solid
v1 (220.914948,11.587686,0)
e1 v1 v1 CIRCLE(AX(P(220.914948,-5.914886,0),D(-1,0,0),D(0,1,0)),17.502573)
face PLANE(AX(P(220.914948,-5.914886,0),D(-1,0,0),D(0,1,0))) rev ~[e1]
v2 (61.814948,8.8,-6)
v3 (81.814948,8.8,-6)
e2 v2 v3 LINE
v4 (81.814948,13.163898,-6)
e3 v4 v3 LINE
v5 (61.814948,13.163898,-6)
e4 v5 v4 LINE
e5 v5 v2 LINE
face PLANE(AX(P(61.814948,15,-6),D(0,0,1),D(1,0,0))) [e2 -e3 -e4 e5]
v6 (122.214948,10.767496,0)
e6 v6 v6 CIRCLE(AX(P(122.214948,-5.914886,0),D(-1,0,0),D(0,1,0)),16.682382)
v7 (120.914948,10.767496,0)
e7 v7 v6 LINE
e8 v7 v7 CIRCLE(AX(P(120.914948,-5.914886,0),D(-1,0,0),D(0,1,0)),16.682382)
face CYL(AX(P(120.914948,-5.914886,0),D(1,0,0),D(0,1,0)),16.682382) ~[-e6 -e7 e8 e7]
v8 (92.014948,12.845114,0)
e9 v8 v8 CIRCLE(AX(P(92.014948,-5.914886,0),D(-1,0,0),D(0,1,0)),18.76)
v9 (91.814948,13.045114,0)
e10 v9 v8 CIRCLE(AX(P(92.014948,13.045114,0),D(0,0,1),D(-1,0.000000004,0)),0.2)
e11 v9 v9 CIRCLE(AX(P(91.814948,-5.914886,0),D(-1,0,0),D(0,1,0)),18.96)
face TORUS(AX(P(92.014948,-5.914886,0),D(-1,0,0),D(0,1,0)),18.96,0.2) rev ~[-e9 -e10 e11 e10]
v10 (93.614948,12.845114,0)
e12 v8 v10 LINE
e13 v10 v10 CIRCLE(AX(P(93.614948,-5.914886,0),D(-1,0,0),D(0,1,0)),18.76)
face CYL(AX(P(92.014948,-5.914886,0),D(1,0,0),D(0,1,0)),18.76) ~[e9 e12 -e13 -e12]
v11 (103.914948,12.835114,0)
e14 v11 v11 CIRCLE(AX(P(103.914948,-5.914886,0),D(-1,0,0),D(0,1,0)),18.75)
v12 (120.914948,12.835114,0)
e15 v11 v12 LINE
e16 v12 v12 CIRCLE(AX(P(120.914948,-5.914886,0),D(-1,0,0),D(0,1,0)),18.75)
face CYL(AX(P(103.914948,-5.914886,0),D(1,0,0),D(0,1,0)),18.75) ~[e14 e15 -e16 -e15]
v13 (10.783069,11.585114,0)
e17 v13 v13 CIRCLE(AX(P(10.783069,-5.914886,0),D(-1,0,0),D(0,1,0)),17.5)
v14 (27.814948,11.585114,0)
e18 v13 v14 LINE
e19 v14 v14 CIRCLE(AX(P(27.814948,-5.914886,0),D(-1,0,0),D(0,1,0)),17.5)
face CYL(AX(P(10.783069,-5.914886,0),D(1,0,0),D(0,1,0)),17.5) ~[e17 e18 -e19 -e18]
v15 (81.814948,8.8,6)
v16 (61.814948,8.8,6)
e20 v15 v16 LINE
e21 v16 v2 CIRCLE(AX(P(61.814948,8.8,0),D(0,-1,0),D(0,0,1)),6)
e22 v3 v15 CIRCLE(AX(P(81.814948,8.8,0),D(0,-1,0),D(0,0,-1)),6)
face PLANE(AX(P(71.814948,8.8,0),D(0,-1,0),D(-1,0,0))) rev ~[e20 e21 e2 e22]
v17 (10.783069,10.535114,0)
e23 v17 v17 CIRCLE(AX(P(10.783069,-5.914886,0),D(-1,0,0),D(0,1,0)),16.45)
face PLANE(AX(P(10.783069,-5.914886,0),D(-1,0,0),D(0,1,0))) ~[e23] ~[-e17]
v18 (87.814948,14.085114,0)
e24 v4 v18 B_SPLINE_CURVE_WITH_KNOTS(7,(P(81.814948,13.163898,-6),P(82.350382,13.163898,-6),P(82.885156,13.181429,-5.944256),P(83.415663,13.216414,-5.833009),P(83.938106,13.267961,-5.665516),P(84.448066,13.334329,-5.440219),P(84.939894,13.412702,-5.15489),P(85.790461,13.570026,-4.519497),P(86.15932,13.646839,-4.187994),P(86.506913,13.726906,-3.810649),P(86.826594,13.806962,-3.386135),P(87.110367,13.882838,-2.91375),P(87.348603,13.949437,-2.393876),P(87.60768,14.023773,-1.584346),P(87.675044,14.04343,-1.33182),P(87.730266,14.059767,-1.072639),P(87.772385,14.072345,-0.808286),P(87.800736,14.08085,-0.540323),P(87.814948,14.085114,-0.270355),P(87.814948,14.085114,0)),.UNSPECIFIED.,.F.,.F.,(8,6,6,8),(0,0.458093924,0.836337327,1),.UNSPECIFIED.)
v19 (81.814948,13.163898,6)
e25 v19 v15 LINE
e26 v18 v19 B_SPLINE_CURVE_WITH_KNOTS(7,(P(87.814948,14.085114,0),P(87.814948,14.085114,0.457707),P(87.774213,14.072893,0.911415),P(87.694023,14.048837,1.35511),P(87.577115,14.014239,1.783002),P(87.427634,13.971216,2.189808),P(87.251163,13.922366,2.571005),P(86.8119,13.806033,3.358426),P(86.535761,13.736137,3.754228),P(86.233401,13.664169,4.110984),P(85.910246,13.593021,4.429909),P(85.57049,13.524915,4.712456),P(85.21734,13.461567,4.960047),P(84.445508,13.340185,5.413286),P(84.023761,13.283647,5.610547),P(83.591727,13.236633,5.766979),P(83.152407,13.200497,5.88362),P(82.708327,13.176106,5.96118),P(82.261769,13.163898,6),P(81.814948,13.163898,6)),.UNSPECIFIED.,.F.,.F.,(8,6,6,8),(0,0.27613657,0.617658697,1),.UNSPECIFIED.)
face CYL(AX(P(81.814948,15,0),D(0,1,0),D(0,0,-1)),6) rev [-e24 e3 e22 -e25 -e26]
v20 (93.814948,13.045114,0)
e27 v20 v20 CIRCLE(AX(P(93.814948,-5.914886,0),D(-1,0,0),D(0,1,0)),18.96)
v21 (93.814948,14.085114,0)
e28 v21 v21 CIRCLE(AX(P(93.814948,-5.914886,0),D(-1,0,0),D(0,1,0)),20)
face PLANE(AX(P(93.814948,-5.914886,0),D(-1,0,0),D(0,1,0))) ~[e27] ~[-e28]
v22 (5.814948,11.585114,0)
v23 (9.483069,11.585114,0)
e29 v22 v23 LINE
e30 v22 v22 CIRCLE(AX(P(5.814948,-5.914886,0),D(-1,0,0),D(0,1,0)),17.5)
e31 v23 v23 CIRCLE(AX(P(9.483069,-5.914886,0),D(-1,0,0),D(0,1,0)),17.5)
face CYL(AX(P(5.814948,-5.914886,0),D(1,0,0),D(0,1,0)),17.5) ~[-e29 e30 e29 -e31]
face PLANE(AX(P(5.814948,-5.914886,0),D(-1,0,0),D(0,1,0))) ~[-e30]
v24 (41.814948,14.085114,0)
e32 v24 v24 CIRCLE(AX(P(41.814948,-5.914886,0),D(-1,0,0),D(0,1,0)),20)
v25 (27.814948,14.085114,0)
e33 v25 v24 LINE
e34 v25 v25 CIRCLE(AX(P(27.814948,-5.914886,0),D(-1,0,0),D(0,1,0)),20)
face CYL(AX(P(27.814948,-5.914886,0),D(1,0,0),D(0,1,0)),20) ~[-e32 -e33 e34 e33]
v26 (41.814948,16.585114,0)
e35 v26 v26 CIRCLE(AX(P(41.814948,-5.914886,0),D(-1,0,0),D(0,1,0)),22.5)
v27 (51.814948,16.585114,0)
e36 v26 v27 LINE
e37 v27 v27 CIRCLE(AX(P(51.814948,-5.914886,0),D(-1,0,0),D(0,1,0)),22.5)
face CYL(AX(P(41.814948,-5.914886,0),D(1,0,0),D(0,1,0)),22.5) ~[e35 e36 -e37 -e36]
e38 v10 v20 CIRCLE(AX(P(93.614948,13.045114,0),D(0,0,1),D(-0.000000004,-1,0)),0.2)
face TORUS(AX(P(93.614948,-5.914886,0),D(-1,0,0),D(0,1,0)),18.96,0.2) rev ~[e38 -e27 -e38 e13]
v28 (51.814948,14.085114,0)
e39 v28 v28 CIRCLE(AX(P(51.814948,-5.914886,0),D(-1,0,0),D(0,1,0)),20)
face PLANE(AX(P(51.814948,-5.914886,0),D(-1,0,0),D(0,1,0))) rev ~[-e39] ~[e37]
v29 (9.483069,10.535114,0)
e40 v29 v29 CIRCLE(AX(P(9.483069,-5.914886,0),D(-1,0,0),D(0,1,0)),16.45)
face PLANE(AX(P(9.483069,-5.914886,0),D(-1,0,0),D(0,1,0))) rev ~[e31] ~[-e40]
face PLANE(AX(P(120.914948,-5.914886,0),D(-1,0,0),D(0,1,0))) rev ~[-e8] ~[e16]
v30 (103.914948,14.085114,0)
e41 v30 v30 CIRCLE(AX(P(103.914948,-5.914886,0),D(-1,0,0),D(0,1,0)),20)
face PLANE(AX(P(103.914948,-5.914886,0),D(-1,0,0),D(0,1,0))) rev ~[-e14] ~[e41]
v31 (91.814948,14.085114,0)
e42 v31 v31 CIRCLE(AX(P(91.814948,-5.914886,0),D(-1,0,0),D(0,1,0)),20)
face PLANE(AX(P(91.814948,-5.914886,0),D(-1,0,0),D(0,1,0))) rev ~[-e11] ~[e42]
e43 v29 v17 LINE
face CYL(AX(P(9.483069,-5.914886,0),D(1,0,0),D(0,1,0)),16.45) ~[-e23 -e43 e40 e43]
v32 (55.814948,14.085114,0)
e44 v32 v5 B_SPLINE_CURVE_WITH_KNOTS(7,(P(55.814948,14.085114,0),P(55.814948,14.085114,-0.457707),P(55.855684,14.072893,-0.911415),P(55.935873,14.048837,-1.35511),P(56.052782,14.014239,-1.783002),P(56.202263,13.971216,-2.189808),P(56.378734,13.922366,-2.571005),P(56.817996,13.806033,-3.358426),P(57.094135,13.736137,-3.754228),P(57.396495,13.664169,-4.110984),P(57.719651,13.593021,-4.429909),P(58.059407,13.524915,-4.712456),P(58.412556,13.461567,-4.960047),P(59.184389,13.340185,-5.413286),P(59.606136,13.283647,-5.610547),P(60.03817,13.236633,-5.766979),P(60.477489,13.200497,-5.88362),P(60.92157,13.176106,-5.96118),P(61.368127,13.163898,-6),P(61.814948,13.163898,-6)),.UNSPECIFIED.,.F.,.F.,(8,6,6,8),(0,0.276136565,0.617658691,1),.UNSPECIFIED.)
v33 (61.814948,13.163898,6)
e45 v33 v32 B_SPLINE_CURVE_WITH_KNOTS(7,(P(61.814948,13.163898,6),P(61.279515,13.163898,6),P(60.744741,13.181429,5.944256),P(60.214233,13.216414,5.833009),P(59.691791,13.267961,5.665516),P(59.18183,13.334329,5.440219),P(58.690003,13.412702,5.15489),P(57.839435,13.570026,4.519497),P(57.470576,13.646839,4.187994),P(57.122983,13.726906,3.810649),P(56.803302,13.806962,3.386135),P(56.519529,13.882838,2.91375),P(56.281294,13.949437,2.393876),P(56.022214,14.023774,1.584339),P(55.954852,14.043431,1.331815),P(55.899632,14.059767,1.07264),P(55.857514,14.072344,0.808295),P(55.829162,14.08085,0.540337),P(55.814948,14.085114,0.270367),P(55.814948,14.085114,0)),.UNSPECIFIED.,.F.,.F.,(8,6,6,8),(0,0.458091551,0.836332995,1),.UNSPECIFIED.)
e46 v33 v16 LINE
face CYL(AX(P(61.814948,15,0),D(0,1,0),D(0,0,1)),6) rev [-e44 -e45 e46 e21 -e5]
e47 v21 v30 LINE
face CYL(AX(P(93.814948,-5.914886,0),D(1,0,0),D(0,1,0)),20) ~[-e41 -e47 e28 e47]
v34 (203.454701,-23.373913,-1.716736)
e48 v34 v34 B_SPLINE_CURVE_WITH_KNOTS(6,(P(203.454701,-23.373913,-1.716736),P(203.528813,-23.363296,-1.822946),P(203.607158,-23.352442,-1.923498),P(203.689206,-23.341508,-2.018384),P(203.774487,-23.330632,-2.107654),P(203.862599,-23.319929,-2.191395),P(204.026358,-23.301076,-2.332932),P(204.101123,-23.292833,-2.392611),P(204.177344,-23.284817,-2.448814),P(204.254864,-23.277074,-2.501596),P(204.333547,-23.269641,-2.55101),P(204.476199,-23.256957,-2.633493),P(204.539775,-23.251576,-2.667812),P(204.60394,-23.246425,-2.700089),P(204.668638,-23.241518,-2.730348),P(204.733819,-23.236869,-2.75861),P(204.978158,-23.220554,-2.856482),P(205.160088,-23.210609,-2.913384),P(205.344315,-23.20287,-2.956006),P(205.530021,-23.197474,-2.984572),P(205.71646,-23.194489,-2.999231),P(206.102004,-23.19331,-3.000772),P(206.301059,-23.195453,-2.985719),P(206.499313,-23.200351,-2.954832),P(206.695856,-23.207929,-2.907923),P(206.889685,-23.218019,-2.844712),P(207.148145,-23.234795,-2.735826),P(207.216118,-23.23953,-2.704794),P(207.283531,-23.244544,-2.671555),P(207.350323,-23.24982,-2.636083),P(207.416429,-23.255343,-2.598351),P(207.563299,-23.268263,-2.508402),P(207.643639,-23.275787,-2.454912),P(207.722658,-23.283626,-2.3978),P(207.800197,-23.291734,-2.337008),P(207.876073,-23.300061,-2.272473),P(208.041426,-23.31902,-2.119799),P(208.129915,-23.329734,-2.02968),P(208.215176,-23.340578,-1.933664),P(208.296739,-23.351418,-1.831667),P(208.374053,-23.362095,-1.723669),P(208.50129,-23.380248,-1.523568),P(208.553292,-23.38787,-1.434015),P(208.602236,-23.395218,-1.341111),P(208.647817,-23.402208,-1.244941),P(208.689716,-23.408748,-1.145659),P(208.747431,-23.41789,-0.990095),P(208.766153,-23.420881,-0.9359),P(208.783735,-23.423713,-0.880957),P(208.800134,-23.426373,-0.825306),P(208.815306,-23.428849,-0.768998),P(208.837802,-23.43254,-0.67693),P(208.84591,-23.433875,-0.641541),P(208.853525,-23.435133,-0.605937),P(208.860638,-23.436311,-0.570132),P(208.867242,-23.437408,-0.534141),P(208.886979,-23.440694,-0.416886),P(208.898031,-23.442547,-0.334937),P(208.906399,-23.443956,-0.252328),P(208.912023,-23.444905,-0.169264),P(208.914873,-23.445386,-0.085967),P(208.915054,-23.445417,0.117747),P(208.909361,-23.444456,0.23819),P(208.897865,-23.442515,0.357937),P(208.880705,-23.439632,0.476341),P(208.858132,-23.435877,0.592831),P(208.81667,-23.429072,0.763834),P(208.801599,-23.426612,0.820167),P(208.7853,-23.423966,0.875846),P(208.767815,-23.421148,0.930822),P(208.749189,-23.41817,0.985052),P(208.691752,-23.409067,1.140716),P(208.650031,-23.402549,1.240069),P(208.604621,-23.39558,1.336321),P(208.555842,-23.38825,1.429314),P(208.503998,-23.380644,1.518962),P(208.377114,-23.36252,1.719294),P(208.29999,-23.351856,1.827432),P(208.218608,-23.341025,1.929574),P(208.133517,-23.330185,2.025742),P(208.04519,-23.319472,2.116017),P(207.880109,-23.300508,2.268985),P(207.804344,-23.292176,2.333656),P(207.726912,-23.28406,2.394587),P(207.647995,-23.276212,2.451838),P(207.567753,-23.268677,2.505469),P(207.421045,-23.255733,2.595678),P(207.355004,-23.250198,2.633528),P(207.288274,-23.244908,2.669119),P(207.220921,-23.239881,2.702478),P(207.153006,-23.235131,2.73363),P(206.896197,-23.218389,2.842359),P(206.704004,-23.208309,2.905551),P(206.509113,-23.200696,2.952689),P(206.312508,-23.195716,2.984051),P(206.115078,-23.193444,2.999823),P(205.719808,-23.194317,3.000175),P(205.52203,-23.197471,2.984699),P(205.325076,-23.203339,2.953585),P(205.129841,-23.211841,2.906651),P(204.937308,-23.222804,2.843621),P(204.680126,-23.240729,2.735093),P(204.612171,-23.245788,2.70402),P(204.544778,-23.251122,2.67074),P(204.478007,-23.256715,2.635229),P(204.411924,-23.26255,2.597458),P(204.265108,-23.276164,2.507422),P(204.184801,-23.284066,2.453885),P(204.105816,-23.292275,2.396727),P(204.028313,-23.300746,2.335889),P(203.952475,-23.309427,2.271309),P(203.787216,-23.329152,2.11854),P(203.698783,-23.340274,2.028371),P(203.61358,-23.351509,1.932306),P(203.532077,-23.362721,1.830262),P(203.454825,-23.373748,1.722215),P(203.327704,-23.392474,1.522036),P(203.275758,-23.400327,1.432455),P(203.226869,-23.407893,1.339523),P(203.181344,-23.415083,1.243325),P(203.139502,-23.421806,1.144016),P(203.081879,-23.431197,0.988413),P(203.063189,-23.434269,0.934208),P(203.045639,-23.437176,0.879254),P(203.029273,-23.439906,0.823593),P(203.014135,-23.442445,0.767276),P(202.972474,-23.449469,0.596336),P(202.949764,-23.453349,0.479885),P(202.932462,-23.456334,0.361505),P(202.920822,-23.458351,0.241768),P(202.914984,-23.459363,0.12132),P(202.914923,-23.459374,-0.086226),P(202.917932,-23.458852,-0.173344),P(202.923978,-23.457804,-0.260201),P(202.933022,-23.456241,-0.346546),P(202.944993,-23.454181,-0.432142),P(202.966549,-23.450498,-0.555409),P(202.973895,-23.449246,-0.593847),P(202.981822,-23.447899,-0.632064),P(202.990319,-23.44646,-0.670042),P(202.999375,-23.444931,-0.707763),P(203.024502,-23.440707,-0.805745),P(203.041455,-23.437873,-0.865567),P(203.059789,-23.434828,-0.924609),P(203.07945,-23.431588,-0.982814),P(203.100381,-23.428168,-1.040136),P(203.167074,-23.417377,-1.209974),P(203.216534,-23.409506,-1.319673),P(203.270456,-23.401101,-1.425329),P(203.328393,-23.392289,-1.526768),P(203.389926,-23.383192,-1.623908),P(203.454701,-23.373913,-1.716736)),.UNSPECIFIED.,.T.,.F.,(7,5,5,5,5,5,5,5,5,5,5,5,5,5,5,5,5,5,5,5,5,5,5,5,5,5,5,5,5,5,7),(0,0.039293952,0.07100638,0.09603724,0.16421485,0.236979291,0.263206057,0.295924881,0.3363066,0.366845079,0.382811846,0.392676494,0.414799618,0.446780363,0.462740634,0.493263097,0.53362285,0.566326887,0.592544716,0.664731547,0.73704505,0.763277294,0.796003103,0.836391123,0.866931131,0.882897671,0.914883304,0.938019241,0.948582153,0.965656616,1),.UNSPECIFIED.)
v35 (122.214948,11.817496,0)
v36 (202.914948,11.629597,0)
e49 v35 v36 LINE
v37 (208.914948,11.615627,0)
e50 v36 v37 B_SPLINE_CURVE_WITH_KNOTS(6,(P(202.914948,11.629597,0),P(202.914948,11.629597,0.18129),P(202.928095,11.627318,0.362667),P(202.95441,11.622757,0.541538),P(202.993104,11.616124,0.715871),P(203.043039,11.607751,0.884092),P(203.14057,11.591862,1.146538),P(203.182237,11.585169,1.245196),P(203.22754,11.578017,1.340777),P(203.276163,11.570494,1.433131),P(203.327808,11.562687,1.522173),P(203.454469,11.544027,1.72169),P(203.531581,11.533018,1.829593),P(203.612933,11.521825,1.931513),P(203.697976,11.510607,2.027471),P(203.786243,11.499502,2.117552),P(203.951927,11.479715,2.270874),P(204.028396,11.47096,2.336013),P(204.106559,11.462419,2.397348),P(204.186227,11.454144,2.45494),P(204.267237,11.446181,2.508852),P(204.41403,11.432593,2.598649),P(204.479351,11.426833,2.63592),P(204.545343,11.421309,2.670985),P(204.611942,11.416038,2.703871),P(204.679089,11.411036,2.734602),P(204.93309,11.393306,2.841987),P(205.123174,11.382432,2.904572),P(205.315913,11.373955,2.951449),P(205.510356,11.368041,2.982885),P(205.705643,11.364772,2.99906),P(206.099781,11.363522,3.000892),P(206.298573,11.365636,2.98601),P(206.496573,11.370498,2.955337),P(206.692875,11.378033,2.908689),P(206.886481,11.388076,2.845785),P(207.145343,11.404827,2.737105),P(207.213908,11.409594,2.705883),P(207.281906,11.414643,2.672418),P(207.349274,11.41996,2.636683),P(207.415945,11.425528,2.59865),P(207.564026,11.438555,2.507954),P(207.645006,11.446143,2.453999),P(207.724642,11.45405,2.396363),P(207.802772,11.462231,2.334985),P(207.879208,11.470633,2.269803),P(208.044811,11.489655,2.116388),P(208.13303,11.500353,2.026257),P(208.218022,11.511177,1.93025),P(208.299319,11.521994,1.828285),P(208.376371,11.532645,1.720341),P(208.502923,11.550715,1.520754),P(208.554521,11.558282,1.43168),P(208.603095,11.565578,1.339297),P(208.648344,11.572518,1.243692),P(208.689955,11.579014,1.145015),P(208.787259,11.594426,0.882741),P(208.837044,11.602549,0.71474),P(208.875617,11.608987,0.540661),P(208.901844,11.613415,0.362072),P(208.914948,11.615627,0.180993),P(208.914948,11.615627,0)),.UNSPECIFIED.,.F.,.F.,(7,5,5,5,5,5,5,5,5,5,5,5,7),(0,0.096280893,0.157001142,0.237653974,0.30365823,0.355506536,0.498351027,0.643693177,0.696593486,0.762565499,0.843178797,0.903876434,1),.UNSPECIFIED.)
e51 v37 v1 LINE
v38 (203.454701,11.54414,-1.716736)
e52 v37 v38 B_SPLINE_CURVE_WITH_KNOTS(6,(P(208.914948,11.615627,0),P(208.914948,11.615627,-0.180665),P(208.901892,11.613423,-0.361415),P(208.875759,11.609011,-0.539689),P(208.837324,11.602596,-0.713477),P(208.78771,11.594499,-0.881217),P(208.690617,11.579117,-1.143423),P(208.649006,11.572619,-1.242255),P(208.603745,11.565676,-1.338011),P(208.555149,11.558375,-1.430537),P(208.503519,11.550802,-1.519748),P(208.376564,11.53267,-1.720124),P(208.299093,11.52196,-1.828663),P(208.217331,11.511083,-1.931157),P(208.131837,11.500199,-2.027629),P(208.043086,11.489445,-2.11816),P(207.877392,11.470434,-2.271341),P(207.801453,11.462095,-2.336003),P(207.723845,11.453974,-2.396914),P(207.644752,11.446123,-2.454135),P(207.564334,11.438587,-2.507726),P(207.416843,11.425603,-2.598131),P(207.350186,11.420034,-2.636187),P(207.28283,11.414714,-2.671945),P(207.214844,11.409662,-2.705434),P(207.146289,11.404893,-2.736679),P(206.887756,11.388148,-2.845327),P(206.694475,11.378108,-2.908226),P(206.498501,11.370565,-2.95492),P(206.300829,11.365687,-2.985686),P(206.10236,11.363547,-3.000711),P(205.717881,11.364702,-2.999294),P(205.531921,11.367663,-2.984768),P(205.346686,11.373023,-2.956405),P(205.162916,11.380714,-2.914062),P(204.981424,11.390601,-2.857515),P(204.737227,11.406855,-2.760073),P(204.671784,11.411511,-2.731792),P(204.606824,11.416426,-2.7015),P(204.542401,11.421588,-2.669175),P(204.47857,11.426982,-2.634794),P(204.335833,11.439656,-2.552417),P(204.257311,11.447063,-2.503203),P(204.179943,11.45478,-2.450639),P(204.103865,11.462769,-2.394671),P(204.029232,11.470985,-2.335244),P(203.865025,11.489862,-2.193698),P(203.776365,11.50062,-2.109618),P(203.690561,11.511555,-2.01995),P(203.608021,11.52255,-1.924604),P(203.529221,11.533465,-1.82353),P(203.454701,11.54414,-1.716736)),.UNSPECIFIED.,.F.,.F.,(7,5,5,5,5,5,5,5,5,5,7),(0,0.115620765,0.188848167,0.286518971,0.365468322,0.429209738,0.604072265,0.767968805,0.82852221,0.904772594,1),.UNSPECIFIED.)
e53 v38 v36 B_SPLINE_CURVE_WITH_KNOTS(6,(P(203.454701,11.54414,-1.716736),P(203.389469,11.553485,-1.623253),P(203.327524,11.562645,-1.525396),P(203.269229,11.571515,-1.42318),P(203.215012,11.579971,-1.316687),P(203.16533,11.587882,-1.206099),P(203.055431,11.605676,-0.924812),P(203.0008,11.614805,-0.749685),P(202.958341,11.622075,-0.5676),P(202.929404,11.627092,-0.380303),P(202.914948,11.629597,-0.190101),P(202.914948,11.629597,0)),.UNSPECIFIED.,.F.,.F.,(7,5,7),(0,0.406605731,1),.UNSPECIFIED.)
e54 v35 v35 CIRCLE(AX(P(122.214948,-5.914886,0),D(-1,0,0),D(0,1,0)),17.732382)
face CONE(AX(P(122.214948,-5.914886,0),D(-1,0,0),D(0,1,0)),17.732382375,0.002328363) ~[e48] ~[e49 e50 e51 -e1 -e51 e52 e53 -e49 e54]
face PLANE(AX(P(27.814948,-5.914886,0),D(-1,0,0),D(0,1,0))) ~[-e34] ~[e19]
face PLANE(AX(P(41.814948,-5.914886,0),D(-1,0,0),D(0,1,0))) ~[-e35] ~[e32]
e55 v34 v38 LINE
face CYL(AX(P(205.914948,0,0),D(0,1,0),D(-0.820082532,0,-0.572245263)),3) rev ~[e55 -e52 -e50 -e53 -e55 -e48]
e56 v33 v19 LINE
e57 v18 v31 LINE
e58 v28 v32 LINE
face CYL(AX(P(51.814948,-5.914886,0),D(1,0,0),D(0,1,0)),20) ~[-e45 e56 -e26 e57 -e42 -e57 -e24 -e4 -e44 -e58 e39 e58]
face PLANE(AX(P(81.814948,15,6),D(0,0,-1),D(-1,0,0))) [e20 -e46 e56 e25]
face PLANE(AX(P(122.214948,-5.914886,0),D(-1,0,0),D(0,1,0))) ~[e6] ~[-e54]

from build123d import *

# Parameters (mm, degrees)
CUT_EXTRUDE1_START = 15
CUT_EXTRUDE1_DEPTH = 6.2
SKETCH3_R          = 3
CUT_EXTRUDE2_DEPTH = 25


with BuildPart() as part:
    # Sketch1 → Revolve1 (revolve)
    with BuildSketch(Plane.XY):
        with BuildLine():
            Line((5.814948309, -5.914886223), (5.814948309, 11.585113777))
            Line((5.814948309, 11.585113777), (9.483069109, 11.585113777))
            Line((9.483069109, 11.585113777), (9.483069109, 10.535113777))
            Line((9.483069109, 10.535113777), (10.783069109, 10.535113777))
            Line((10.783069109, 10.535113777), (10.783069109, 11.585113777))
            Line((10.783069109, 11.585113777), (27.814948309, 11.585113777))
            Line((27.814948309, 11.585113777), (27.814948309, 14.085113777))
            Line((27.814948309, 14.085113777), (41.814948309, 14.085113777))
            Line((41.814948309, 14.085113777), (41.814948309, 16.585113777))
            Line((41.814948309, 16.585113777), (51.814948309, 16.585113777))
            Line((51.814948309, 16.585113777), (51.814948309, 14.085113777))
            Line((51.814948309, 14.085113777), (91.814948309, 14.085113777))
            Line((91.814948309, 14.085113777), (91.814948309, 13.045113777))
            ThreePointArc((91.814948309, 13.045113777), (91.873526953, 12.90369242), (92.014948309, 12.845113777))
            Line((92.014948309, 12.845113777), (93.614948309, 12.845113777))
            ThreePointArc((93.614948309, 12.845113777), (93.756369665, 12.90369242), (93.814948309, 13.045113777))
            Line((93.814948309, 13.045113777), (93.814948309, 14.085113777))
            Line((93.814948309, 14.085113777), (103.914948309, 14.085113777))
            Line((103.914948309, 14.085113777), (103.914948309, 12.835113777))
            Line((103.914948309, 12.835113777), (120.914948309, 12.835113777))
            Line((120.914948309, 12.835113777), (120.914948309, 10.767496152))
            Line((120.914948309, 10.767496152), (122.214948309, 10.767496152))
            Line((122.214948309, 10.767496152), (122.214948309, 11.817496152))
            Line((122.214948309, 11.817496152), (220.914948309, 11.58768633))
            Line((220.914948309, 11.58768633), (220.914948309, -5.914886223))
            Line((220.914948309, -5.914886223), (5.814948309, -5.914886223))
        make_face()
    revolve(axis=Axis((221.999449802, -5.914886223, 0), (-1, 0, 0)))

    # Sketch2 → Cut-Extrude1 (cut)
    with BuildSketch(Plane(origin=(0, 0, 0), x_dir=(1, 0, 0), z_dir=(0, 1, 0)).offset(CUT_EXTRUDE1_START)):
        with BuildLine():
            Line((61.814948309, 6), (81.814948309, 6))
            ThreePointArc((81.814948309, 6), (87.814948309, 0), (81.814948309, -6))
            Line((81.814948309, -6), (61.814948309, -6))
            ThreePointArc((61.814948309, -6), (55.814948309, 0), (61.814948309, 6))
        make_face()
    extrude(amount=-CUT_EXTRUDE1_DEPTH, mode=Mode.SUBTRACT)

    # Sketch3 → Cut-Extrude2 (cut, symmetric)
    with BuildSketch(Plane(origin=(0, 0, 0), x_dir=(1, 0, 0), z_dir=(0, 1, 0))):
        with Locations((205.914948309, 0)):
            Circle(SKETCH3_R)
    extrude(amount=CUT_EXTRUDE2_DEPTH, both=True, mode=Mode.SUBTRACT)


solid = part.part
